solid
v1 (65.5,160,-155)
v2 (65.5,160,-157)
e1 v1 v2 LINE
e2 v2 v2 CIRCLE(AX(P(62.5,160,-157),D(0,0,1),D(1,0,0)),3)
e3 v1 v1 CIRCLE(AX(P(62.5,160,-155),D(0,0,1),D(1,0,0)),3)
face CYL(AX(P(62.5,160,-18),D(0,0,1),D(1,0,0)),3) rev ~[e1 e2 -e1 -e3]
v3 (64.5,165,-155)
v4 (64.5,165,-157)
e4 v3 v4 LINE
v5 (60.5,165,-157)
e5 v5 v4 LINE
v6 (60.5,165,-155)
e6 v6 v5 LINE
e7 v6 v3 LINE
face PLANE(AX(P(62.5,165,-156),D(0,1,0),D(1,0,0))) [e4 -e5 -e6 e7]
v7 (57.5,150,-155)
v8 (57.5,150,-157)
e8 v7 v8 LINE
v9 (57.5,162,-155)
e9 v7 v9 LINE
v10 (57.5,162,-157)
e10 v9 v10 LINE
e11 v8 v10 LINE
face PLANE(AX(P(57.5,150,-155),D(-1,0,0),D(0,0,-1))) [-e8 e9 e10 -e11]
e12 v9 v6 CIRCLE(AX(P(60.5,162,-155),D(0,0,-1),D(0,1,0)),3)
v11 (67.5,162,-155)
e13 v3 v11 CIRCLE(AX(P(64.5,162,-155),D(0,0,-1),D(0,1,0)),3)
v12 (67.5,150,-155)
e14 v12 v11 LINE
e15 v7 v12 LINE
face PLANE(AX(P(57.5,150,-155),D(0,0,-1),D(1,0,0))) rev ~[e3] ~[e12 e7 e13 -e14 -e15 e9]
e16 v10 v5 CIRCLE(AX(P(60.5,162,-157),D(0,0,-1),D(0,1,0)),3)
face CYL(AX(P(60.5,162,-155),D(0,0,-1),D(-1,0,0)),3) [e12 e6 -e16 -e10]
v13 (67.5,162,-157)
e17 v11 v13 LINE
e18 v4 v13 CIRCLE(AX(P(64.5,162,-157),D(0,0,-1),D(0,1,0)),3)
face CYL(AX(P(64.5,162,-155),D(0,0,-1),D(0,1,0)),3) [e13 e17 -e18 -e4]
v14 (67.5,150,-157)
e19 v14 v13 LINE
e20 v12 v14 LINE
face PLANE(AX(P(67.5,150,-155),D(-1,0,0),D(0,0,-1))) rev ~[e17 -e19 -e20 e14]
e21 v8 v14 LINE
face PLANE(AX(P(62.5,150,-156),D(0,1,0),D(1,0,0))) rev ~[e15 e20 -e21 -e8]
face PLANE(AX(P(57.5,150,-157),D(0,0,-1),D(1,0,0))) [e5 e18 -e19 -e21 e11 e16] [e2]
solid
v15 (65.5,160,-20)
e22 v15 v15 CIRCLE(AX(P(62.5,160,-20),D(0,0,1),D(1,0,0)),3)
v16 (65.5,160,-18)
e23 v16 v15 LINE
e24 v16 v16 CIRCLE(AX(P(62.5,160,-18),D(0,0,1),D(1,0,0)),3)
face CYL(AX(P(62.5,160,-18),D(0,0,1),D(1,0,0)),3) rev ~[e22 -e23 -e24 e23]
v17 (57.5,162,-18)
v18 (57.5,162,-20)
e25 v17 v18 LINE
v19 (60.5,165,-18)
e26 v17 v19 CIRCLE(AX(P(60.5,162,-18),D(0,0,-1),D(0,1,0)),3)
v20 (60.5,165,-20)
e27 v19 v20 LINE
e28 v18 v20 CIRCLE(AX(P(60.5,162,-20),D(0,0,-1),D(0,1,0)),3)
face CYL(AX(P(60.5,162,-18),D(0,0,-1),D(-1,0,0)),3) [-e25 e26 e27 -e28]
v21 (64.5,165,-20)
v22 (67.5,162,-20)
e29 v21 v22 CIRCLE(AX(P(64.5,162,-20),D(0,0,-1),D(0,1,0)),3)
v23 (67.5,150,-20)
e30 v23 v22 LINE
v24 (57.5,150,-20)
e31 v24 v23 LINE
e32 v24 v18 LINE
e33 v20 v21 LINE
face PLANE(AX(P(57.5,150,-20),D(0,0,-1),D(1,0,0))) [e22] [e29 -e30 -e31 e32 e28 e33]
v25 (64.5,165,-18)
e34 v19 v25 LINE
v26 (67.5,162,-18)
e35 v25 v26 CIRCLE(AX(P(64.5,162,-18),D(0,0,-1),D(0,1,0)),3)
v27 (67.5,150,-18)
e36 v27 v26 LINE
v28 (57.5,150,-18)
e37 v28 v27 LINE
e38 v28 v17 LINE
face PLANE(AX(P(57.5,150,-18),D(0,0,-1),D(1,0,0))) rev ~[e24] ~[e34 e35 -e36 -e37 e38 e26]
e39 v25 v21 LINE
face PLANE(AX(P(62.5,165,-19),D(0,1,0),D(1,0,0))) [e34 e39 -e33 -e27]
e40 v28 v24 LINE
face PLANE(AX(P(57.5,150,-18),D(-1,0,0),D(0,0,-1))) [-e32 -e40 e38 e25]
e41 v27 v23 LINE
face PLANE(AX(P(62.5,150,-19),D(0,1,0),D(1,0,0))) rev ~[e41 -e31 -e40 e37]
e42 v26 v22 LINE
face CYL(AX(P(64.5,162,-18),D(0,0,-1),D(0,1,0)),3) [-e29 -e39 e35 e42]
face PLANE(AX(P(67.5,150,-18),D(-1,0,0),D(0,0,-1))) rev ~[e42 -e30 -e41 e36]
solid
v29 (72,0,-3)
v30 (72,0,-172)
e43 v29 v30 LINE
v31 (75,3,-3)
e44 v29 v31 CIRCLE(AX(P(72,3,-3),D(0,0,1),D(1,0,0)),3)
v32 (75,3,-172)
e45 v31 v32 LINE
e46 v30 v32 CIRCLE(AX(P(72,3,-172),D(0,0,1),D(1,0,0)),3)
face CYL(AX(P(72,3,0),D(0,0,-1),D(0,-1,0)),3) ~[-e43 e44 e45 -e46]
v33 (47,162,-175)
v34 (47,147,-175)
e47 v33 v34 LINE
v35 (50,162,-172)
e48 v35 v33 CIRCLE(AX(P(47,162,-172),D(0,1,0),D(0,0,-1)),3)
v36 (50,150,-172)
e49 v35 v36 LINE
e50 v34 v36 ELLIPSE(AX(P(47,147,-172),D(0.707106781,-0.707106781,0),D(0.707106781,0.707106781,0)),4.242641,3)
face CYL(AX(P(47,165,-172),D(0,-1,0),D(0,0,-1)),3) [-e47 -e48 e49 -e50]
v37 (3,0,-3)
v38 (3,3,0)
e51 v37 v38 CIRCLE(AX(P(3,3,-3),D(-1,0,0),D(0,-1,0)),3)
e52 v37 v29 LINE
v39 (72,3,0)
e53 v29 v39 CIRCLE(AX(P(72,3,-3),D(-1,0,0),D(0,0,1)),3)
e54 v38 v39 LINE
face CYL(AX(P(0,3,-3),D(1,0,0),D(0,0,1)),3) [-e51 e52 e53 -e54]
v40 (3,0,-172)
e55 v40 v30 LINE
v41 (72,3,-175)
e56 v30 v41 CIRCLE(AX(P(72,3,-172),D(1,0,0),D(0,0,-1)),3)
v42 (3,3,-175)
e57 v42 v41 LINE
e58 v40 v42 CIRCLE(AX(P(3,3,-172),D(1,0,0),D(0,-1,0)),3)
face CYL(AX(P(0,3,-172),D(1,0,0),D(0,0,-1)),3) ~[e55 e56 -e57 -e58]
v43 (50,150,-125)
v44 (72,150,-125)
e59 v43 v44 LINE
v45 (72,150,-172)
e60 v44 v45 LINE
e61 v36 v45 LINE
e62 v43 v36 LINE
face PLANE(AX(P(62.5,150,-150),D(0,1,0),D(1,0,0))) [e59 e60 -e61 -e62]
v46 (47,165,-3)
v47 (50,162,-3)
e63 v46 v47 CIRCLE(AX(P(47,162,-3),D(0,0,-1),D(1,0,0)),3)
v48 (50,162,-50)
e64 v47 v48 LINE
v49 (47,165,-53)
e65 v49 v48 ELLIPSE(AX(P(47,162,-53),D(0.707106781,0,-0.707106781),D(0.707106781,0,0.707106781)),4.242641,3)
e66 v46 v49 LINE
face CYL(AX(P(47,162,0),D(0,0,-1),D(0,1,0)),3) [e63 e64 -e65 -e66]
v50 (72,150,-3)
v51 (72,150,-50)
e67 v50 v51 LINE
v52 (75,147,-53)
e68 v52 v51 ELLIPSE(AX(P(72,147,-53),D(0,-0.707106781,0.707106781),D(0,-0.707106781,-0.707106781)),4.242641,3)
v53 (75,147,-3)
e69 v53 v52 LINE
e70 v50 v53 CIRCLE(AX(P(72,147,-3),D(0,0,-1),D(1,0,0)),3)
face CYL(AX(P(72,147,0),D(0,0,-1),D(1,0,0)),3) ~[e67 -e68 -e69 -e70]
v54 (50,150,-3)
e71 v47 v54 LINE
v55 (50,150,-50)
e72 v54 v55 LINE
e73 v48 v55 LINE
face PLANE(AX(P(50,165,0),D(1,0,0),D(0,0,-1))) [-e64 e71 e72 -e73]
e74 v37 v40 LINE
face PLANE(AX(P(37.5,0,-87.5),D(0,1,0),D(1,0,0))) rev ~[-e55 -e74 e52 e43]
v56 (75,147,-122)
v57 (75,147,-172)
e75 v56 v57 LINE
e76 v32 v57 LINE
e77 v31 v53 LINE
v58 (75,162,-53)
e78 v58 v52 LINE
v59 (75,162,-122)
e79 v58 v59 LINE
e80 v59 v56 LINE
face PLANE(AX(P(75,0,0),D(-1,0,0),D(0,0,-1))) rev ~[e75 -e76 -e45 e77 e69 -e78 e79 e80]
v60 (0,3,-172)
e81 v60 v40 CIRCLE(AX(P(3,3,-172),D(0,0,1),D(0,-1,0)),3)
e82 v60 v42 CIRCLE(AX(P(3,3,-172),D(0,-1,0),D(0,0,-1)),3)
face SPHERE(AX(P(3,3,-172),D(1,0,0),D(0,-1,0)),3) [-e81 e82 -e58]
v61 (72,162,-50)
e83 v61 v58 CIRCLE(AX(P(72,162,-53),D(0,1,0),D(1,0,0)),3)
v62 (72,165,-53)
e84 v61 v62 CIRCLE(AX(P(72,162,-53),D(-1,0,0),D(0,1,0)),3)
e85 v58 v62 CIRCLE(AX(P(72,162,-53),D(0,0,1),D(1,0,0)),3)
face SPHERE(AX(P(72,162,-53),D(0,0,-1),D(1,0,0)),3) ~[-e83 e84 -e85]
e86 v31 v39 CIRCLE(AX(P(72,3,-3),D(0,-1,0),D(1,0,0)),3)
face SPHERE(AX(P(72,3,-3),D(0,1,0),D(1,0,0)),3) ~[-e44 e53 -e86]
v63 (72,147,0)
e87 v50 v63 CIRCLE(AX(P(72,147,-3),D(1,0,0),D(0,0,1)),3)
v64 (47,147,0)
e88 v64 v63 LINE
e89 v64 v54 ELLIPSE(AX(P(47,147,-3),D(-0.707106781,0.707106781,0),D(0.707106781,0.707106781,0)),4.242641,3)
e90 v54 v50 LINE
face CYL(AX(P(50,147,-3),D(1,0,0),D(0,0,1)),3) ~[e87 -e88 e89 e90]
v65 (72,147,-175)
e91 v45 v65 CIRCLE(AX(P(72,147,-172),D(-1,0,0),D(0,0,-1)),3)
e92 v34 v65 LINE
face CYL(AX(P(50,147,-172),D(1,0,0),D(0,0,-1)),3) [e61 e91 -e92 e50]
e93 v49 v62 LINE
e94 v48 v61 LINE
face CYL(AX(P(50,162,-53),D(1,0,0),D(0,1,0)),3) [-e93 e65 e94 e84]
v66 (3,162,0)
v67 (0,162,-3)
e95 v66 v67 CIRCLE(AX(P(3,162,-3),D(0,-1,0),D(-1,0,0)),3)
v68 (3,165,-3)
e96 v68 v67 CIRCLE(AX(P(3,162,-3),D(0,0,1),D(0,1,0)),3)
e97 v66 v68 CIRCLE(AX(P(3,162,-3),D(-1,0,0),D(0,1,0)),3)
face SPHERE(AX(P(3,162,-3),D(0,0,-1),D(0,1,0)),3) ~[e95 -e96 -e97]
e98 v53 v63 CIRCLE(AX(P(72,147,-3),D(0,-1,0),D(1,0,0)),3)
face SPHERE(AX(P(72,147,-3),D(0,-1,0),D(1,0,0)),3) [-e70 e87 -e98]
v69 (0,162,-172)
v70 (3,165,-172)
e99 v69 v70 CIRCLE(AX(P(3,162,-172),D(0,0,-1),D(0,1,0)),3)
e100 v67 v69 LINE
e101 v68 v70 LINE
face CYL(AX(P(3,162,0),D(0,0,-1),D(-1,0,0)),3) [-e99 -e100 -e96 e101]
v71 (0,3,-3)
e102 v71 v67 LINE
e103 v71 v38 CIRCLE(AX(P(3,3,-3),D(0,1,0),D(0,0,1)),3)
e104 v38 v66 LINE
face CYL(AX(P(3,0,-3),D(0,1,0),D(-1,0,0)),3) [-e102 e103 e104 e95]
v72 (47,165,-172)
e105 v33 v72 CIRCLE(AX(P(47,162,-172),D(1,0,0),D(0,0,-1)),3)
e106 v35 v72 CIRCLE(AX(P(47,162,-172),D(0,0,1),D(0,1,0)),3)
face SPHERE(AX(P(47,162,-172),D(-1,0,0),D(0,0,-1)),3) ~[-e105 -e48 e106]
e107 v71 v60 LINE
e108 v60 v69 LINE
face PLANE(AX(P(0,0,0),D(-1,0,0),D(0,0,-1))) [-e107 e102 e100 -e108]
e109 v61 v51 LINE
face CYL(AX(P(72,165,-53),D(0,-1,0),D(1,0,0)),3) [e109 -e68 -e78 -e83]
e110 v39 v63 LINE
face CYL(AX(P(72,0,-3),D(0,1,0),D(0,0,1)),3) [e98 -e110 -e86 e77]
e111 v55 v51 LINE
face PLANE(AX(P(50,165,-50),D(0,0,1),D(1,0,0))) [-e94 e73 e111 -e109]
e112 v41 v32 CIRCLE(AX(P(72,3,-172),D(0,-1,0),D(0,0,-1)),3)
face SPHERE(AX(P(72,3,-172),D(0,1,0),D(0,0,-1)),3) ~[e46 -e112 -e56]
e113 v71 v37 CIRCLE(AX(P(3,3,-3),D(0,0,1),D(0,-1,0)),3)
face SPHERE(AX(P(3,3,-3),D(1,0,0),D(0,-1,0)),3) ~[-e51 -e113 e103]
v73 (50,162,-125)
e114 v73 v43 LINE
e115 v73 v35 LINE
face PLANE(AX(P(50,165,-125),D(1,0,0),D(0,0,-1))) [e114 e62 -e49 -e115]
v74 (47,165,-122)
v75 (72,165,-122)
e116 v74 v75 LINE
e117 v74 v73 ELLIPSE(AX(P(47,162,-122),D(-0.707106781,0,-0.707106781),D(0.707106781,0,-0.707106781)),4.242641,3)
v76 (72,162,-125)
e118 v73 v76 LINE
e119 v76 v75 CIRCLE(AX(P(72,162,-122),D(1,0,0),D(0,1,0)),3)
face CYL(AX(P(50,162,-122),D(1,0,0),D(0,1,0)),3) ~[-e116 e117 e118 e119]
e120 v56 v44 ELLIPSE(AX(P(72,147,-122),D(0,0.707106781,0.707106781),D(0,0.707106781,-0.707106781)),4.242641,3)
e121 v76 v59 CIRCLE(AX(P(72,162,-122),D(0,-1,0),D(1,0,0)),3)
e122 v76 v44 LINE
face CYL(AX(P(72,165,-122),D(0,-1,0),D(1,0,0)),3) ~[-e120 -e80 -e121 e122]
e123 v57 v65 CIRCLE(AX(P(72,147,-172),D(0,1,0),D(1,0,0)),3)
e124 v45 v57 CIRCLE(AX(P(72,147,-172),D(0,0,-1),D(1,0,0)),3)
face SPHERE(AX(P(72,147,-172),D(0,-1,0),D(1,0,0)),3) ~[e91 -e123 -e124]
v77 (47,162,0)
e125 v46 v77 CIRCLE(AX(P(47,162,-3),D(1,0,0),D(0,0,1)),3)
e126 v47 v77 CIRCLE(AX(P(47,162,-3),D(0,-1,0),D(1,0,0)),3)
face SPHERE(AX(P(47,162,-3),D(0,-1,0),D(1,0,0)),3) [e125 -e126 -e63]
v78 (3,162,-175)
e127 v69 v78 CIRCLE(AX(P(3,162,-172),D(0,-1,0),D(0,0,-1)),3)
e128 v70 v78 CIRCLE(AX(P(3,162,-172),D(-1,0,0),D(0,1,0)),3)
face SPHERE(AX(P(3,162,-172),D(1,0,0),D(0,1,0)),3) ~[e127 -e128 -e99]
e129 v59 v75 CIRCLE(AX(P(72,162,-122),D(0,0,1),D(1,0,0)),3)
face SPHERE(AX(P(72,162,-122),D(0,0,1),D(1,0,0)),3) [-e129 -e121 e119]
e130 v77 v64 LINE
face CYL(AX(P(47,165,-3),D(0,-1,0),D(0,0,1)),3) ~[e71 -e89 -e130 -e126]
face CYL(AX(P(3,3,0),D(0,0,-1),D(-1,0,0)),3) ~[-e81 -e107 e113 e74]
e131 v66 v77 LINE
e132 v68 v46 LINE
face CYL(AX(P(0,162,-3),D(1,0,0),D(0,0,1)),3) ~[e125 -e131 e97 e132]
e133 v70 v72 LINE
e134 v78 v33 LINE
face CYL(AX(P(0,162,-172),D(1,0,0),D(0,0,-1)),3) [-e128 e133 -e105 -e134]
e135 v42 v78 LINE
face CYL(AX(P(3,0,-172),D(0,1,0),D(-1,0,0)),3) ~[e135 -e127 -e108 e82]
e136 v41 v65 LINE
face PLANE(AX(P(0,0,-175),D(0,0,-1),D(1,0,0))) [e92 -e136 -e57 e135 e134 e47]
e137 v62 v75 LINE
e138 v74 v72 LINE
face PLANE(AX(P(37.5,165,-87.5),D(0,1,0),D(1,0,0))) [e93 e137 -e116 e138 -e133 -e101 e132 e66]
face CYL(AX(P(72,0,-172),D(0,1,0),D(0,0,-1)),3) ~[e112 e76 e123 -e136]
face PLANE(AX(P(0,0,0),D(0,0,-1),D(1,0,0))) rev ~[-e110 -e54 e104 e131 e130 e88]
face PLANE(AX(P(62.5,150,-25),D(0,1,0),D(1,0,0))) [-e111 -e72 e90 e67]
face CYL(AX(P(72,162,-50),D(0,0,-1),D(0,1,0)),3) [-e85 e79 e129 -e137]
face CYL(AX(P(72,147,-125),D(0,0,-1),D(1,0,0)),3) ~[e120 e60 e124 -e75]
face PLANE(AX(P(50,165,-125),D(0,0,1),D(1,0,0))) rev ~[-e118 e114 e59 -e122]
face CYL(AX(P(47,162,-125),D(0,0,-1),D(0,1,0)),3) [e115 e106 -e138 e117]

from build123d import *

# Parameters (mm, degrees)
SKETCH_1_W          = 75
SKETCH_1_H          = 175
EXTRUDE_1_DEPTH     = 165
SKETCH_2_W          = 25
SKETCH_2_H          = 50
CUT_EXTRUDE_1_DEPTH = 15
SKETCH_3_W          = 10
SKETCH_3_H          = 2
EXTRUDE_2_DEPTH     = 15
EXTRUDE_2_2_DEPTH   = 15
SKETCH_4_R          = 3
CUT_EXTRUDE_3_DEPTH = 200
FILLET_1_R          = 3
FILLET_2_R          = 3
FILLET_3_R          = 3


with BuildPart() as part:
    # Эскиз1 → Бобышка-Вытянуть1 (new body)
    with BuildSketch(Plane(origin=(0, 0, 0), x_dir=(1, 0, 0), z_dir=(0, 1, 0))):
        with Locations((37.5, 87.5)):
            Rectangle(SKETCH_1_W, SKETCH_1_H)
    extrude(amount=EXTRUDE_1_DEPTH)

    # Эскиз2 → Вырез-Вытянуть1 (cut)
    with BuildSketch(Plane(origin=(0, 165, 0), x_dir=(1, 0, 0), z_dir=(0, 1, 0))):
        with Locations((62.5, 150)):
            Rectangle(SKETCH_2_W, SKETCH_2_H)
        with Locations((62.5, 25)):
            Rectangle(SKETCH_2_W, SKETCH_2_H)
    extrude(amount=-CUT_EXTRUDE_1_DEPTH, mode=Mode.SUBTRACT)

    # Скругление3
    fillet_3_edges = [part.edges().sort_by_distance(p)[0] for p in [
        (75, 165, -87.5),
        (25, 165, -175),
        (75, 75, -175),
        (75, 75, 0),
        (75, 150, -150),
        (75, 157.5, -125),
        (62.5, 150, -175),
        (50, 157.5, -175),
        (50, 165, -150),
        (62.5, 165, -125),
        (75, 150, -25),
        (75, 157.5, -50),
        (62.5, 150, 0),
        (50, 157.5, 0),
        (62.5, 165, -50),
        (50, 165, -25),
        (0, 165, -87.5),
        (37.5, 0, -175),
        (75, 0, -87.5),
        (37.5, 0, 0),
        (0, 0, -87.5),
        (25, 165, 0),
        (0, 82.5, -175),
        (0, 82.5, 0),
    ]]
    fillet(fillet_3_edges, radius=FILLET_3_R)


with BuildPart() as body_2:
    # Эскиз3 → Бобышка-Вытянуть2 (new body)
    with BuildSketch(Plane(origin=(0, 150, 0), x_dir=(1, 0, 0), z_dir=(0, 1, 0))):
        with Locations((62.5, 156)):
            Rectangle(SKETCH_3_W, SKETCH_3_H)
    extrude(amount=EXTRUDE_2_DEPTH)


with BuildPart() as body_3:
    # Эскиз3 → Extrude 2 2 (new body)
    with BuildSketch(Plane(origin=(0, 150, 0), x_dir=(1, 0, 0), z_dir=(0, 1, 0))):
        with Locations((62.5, 19)):
            Rectangle(SKETCH_3_W, SKETCH_3_H)
    extrude(amount=EXTRUDE_2_2_DEPTH)


with BuildPart() as cut_extrude_3_tool:
    # Эскиз4 → Вырез-Вытянуть3 (new body)
    with BuildSketch(Plane.XY.offset(-18)):
        with Locations((62.5, 160)):
            Circle(SKETCH_4_R)
    extrude(amount=-CUT_EXTRUDE_3_DEPTH)


with BuildPart() as body_3_1:
    add(body_3.part)

    # Вырез-Вытянуть3: cut by cut_extrude_3_tool
    add(cut_extrude_3_tool.part, mode=Mode.SUBTRACT)

    # Скругление1
    fillet_1_edges = [body_3_1.edges().sort_by_distance(p)[0] for p in [
        (67.5, 165, -19),
        (57.5, 165, -19),
    ]]
    fillet(fillet_1_edges, radius=FILLET_1_R)


with BuildPart() as body_2_1:
    add(body_2.part)

    # Вырез-Вытянуть3: cut by cut_extrude_3_tool
    add(cut_extrude_3_tool.part, mode=Mode.SUBTRACT)

    # Скругление2
    fillet_2_edges = [body_2_1.edges().sort_by_distance(p)[0] for p in [
        (67.5, 165, -156),
        (57.5, 165, -156),
    ]]
    fillet(fillet_2_edges, radius=FILLET_2_R)


solid = Compound([part.part, body_3_1.part, body_2_1.part])
